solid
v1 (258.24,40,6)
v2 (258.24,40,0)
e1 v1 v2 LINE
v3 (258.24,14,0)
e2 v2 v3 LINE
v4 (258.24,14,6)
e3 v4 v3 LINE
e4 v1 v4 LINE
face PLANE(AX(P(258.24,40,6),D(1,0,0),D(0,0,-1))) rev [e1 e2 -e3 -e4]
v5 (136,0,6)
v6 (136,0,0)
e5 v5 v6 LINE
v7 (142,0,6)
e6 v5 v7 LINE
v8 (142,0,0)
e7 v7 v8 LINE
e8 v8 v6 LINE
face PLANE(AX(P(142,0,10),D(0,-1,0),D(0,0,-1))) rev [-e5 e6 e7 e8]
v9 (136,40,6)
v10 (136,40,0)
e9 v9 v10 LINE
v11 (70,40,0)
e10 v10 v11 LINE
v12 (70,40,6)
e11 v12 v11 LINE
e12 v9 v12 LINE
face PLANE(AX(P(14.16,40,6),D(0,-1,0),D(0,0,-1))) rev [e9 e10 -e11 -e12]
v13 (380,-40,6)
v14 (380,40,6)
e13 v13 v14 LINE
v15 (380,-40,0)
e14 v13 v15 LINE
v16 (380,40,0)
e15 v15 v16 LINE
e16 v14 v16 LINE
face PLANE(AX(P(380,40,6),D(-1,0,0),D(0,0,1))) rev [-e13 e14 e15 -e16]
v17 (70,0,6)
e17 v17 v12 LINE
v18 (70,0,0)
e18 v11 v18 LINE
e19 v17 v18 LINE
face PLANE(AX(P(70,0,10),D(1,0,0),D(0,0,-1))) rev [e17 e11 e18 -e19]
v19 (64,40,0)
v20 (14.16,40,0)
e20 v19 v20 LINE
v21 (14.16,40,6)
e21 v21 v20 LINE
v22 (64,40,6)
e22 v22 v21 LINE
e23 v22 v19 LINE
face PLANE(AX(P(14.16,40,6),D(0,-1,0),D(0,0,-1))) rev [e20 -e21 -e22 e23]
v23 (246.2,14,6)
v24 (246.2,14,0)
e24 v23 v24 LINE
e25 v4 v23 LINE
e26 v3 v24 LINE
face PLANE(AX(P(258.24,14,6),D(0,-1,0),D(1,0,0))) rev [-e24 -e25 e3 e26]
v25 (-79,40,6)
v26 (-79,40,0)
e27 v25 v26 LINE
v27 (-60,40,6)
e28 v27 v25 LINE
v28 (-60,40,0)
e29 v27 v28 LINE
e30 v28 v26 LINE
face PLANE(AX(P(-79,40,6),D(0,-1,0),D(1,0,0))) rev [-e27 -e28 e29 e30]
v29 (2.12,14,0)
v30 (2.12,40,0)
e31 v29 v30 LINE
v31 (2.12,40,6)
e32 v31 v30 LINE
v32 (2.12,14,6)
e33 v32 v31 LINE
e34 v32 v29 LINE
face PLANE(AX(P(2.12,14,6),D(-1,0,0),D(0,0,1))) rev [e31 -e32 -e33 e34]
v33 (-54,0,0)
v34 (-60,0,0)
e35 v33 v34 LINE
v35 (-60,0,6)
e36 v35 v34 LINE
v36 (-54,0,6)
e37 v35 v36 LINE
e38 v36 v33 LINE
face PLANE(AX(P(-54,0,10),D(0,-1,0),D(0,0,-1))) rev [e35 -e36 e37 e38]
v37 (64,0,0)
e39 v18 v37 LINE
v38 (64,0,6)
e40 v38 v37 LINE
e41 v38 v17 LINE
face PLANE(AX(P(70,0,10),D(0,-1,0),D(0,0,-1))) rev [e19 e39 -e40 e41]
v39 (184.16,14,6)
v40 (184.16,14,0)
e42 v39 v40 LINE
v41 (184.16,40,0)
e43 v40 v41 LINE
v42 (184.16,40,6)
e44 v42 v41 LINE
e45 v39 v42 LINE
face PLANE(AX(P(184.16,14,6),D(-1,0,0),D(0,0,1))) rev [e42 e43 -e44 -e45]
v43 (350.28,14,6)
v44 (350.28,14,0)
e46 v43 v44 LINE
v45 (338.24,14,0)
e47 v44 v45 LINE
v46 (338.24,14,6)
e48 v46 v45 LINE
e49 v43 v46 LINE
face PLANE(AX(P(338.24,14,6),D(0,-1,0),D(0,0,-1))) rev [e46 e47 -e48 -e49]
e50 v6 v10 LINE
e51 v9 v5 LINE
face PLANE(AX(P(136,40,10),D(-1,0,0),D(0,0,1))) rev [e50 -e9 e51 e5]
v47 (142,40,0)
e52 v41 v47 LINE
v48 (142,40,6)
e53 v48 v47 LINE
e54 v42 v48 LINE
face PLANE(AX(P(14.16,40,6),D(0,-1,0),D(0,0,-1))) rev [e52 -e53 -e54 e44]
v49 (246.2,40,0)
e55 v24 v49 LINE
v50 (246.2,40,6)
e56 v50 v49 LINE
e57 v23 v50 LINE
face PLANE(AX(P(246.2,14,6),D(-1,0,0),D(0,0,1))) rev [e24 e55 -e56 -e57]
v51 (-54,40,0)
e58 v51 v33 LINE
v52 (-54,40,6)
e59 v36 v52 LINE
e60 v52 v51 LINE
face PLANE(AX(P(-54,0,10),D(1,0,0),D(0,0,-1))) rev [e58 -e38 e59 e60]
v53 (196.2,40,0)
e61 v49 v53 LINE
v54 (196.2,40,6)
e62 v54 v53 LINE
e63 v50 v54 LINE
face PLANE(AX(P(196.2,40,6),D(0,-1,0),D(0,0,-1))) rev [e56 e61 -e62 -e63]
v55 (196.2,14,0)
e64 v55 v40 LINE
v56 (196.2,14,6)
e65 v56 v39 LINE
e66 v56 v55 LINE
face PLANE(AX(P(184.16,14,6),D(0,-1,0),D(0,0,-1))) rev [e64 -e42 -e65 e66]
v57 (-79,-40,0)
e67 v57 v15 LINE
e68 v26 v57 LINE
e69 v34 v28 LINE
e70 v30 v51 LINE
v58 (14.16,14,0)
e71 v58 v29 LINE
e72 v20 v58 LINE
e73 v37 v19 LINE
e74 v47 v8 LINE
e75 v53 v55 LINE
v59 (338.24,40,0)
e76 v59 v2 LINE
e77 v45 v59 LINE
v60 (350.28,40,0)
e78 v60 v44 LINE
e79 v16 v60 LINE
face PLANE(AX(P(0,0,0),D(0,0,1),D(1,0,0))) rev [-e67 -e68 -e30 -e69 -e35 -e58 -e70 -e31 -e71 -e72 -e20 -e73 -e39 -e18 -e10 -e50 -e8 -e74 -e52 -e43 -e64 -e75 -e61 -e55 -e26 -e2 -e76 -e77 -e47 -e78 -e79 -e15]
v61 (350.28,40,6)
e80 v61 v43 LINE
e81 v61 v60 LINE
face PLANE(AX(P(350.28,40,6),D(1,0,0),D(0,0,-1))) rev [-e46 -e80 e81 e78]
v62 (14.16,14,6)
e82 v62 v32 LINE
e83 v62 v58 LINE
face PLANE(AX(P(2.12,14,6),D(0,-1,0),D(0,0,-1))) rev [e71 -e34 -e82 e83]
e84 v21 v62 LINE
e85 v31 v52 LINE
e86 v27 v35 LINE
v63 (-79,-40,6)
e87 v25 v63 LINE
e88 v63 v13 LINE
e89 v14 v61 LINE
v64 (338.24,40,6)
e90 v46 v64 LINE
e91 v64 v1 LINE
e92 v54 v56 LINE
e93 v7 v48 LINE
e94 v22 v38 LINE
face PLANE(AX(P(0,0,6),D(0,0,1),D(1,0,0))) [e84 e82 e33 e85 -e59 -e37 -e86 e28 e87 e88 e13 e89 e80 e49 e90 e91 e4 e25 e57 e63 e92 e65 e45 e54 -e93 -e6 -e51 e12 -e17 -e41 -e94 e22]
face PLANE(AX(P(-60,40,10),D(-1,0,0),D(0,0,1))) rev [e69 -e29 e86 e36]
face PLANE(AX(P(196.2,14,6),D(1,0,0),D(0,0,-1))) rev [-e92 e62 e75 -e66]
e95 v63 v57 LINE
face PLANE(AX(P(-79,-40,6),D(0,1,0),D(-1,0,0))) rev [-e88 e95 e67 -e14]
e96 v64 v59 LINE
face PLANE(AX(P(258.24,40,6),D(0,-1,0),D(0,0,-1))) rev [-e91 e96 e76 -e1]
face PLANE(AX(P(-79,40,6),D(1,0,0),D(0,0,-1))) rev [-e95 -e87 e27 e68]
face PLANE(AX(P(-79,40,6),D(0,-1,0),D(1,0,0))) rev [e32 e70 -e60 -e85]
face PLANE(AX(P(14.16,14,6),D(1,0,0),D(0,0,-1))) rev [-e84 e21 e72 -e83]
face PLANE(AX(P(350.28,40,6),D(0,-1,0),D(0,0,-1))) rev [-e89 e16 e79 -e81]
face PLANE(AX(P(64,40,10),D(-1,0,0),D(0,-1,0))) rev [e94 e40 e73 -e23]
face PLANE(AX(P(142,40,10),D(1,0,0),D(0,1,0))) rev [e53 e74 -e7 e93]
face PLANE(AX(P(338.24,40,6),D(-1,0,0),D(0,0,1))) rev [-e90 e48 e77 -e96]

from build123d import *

# Parameters (mm, degrees)
BOSS_EXTRUDE1_DEPTH = 6
SKETCH2_W           = 6
SKETCH2_H           = 40
CUT_EXTRUDE1_DEPTH  = 10


with BuildPart() as part:
    # Sketch1 → Boss-Extrude1 (new body)
    with BuildSketch(Plane.XY):
        Polygon((-79, -40), (380, -40), (380, 40), (350.28, 40), (350.28, 14), (338.24, 14), (338.24, 40), (258.24, 40), (258.24, 14), (246.2, 14), (246.2, 40), (196.2, 40), (196.2, 14), (184.16, 14), (184.16, 40), (14.16, 40), (14.16, 14), (2.12, 14), (2.12, 40), (-79, 40), align=None)
    extrude(amount=BOSS_EXTRUDE1_DEPTH)

    # Sketch2 → Cut-Extrude1 (cut)
    with BuildSketch(Plane(origin=(0, 0, 0), x_dir=(-1, 0, 0), z_dir=(0, 0, -1))):
        with Locations((-67, 20)):
            Rectangle(SKETCH2_W, SKETCH2_H)
        with Locations((57, 20)):
            Rectangle(SKETCH2_W, SKETCH2_H)
        with Locations((-139, 20)):
            Rectangle(SKETCH2_W, SKETCH2_H)
    extrude(amount=-CUT_EXTRUDE1_DEPTH, mode=Mode.SUBTRACT)


solid = part.part
